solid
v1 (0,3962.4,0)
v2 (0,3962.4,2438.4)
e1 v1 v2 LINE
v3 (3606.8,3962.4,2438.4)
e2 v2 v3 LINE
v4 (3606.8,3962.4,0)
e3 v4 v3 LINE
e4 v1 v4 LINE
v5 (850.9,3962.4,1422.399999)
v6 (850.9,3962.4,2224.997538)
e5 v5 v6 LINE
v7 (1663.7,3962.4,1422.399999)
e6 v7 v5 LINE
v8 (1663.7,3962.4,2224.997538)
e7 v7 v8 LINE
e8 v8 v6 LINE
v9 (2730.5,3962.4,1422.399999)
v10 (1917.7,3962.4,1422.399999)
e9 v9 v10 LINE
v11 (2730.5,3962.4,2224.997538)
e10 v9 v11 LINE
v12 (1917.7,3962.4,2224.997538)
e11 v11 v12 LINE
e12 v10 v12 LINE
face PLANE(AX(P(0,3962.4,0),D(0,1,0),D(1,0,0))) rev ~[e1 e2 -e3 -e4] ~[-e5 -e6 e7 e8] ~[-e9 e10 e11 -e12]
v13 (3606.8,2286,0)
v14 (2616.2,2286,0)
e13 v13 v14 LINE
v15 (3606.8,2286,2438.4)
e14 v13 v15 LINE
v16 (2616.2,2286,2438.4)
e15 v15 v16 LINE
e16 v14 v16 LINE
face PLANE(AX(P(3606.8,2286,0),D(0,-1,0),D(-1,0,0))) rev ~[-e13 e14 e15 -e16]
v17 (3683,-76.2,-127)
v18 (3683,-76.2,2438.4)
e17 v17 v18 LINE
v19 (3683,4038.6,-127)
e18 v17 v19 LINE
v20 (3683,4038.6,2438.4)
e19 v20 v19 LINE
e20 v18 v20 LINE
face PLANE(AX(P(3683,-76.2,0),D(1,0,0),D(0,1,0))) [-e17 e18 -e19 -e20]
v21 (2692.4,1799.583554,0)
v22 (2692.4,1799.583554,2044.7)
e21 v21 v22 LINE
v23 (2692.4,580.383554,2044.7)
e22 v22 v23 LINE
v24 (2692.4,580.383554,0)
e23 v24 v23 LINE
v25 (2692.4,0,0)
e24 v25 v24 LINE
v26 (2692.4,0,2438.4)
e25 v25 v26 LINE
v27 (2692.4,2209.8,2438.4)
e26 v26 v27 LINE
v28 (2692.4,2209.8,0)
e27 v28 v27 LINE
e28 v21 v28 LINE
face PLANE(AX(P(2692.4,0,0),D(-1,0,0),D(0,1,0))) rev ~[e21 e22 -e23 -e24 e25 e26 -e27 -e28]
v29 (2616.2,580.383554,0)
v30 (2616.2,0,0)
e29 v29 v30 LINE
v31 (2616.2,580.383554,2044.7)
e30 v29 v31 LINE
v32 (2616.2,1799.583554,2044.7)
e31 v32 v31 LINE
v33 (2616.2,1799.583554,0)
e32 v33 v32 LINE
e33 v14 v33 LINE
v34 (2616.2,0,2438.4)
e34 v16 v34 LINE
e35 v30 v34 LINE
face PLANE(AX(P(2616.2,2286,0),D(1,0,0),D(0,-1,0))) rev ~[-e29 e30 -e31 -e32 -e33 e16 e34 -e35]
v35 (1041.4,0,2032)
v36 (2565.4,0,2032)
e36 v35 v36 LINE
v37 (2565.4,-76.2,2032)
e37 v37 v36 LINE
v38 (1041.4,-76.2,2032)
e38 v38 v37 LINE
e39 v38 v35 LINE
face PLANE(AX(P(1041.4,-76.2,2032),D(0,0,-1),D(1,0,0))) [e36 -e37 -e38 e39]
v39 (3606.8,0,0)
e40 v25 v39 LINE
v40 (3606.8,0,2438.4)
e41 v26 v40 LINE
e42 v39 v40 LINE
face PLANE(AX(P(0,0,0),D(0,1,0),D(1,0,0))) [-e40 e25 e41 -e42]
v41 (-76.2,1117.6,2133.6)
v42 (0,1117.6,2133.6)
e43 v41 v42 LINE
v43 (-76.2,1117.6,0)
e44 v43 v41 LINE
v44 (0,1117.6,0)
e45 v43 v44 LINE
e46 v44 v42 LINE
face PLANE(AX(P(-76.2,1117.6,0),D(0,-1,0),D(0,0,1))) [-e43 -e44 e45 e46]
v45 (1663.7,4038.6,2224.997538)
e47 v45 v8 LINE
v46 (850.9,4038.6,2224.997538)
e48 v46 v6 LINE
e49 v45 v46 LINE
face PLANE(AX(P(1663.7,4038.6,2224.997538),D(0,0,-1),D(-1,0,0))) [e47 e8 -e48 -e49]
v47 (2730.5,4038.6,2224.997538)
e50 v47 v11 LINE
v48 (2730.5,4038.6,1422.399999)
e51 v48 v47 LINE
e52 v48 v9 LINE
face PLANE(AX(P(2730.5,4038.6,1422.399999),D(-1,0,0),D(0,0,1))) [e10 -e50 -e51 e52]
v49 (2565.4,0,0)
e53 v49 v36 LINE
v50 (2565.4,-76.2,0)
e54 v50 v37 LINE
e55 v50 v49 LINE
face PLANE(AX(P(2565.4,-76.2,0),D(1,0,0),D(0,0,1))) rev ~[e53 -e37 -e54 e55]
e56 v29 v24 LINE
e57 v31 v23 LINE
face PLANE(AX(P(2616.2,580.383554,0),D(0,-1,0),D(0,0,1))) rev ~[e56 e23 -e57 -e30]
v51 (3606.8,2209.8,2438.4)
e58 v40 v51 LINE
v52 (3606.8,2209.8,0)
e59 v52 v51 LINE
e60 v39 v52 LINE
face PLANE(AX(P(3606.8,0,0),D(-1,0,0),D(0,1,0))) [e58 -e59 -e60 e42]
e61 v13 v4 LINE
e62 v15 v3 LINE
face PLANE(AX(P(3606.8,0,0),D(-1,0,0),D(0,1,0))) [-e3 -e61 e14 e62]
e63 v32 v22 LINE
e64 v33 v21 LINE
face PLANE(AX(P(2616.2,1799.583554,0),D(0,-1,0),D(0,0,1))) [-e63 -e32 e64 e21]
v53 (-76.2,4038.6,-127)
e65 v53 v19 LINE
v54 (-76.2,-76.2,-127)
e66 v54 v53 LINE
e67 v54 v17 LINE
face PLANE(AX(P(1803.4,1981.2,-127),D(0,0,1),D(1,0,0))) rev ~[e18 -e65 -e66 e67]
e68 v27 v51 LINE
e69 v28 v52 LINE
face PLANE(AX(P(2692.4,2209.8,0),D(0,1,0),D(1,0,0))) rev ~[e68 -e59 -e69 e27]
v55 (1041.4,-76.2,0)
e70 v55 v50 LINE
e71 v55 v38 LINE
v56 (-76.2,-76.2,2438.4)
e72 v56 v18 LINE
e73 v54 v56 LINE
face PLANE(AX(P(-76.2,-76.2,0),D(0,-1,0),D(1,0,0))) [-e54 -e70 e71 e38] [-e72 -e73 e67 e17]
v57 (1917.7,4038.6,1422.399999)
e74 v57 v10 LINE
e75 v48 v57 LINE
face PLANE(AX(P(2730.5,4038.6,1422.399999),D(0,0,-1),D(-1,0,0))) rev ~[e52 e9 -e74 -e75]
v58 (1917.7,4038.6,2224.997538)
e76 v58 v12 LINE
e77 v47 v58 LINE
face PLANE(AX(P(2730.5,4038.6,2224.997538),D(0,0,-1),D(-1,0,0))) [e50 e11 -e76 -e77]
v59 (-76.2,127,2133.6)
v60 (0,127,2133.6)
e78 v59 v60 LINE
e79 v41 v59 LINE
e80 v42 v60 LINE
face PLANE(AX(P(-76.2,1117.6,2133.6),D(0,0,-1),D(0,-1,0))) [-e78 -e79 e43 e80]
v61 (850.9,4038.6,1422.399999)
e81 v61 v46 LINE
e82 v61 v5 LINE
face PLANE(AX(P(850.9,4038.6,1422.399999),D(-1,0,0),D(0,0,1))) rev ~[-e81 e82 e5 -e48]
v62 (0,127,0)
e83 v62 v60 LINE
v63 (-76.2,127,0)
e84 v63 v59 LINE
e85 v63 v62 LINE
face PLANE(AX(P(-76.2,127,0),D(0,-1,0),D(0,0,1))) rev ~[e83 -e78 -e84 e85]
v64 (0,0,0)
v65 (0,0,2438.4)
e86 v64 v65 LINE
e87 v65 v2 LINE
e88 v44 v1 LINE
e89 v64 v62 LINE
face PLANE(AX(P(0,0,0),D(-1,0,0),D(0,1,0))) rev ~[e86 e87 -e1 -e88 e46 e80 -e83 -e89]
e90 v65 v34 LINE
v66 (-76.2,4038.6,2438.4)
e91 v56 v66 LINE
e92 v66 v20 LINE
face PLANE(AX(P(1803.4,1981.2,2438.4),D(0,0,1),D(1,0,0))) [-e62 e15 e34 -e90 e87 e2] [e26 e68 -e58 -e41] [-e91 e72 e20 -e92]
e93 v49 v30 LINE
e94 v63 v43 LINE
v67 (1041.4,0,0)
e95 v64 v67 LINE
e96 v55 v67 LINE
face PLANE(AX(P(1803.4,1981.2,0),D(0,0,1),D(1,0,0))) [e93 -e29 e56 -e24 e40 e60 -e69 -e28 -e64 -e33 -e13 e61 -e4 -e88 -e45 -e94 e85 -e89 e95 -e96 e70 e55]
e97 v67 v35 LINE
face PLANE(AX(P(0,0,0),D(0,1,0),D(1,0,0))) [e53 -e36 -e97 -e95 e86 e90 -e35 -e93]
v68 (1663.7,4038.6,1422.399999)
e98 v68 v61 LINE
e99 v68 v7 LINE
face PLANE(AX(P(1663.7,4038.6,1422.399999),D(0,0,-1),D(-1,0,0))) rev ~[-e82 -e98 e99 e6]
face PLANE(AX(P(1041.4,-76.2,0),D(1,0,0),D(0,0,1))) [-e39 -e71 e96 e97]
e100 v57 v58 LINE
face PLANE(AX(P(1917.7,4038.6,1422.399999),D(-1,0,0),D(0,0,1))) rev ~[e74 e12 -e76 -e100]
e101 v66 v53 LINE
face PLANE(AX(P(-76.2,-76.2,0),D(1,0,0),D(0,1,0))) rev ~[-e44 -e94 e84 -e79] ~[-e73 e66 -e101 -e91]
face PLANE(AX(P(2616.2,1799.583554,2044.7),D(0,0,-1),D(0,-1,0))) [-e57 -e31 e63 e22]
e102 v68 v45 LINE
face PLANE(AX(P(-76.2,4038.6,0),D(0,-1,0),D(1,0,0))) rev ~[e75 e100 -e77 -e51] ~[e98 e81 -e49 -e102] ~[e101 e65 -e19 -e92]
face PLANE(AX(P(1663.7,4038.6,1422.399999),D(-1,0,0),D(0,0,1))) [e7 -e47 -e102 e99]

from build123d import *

# Parameters (mm, degrees)
F0_W      = 3759.2
F0_H      = 4114.8
F0_W_2    = 3606.8
F0_H_2    = 3962.4
F1_DEPTH  = 2438.4
F2_W      = 990.6
F2_H      = 2133.6
F3_DEPTH  = 76.2
F4_W      = 812.8
F4_H      = 802.597539
F5_DEPTH  = 76.2
F6_W      = 1524
F6_H      = 2032
F7_DEPTH  = 76.2
F8_W      = 3759.2
F8_H      = 4114.8
F9_DEPTH  = 127
F11_DEPTH = 2438.4
F12_W     = 1219.2
F12_H     = 2044.7
F13_DEPTH = 76.2


with BuildPart() as f1:
    # F0 (on Top) → F1 (new body)
    with BuildSketch(Plane.XY):
        with Locations((1803.4, 1981.2)):
            Rectangle(F0_W, F0_H)
        with Locations((1803.4, 1981.2)):
            Rectangle(F0_W_2, F0_H_2, mode=Mode.SUBTRACT)
    extrude(amount=F1_DEPTH)

    # F2 (on face) → F3 (cut, through all)
    with BuildSketch(Plane(origin=(-76.2, 0, 0), x_dir=(0, -1, 0), z_dir=(-1, 0, 0))):
        with Locations((-622.3, 1066.8)):
            Rectangle(F2_W, F2_H)
    extrude(amount=-F3_DEPTH, mode=Mode.SUBTRACT)

    # F4 (on face) → F5 (cut, through all)
    with BuildSketch(Plane(origin=(0, 4038.6, 0), x_dir=(-1, 0, 0), z_dir=(0, 1, 0))):
        with Locations((-1257.3, 1823.698769)):
            Rectangle(F4_W, F4_H)
        with Locations((-2324.1, 1823.698769)):
            Rectangle(F4_W, F4_H)
    extrude(amount=-F5_DEPTH, mode=Mode.SUBTRACT)

    # F6 (on face) → F7 (cut, through all)
    with BuildSketch(Plane.XZ.offset(76.2)):
        with Locations((1803.4, 1016)):
            Rectangle(F6_W, F6_H)
    extrude(amount=-F7_DEPTH, mode=Mode.SUBTRACT)

    # F8 (on Top) → F9 (join)
    with BuildSketch(Plane.XY):
        with Locations((1803.4, 1981.2)):
            Rectangle(F8_W, F8_H)
    extrude(amount=-F9_DEPTH)

    # F10 (on face) → F11 (join)
    with BuildSketch(Plane.XY):
        Polygon((2616.2, 0), (2692.4, 0), (2692.4, 2209.8), (3606.8, 2209.8), (3606.8, 2286), (2616.2, 2286), align=None)
    extrude(amount=F11_DEPTH)

    # F12 (on face) → F13 (cut, through all)
    with BuildSketch(Plane(origin=(2616.2, 0, 0), x_dir=(0, -1, 0), z_dir=(-1, 0, 0))):
        with Locations((-1189.983554, 1022.35)):
            Rectangle(F12_W, F12_H)
    extrude(amount=-F13_DEPTH, mode=Mode.SUBTRACT)


solid = f1.part
